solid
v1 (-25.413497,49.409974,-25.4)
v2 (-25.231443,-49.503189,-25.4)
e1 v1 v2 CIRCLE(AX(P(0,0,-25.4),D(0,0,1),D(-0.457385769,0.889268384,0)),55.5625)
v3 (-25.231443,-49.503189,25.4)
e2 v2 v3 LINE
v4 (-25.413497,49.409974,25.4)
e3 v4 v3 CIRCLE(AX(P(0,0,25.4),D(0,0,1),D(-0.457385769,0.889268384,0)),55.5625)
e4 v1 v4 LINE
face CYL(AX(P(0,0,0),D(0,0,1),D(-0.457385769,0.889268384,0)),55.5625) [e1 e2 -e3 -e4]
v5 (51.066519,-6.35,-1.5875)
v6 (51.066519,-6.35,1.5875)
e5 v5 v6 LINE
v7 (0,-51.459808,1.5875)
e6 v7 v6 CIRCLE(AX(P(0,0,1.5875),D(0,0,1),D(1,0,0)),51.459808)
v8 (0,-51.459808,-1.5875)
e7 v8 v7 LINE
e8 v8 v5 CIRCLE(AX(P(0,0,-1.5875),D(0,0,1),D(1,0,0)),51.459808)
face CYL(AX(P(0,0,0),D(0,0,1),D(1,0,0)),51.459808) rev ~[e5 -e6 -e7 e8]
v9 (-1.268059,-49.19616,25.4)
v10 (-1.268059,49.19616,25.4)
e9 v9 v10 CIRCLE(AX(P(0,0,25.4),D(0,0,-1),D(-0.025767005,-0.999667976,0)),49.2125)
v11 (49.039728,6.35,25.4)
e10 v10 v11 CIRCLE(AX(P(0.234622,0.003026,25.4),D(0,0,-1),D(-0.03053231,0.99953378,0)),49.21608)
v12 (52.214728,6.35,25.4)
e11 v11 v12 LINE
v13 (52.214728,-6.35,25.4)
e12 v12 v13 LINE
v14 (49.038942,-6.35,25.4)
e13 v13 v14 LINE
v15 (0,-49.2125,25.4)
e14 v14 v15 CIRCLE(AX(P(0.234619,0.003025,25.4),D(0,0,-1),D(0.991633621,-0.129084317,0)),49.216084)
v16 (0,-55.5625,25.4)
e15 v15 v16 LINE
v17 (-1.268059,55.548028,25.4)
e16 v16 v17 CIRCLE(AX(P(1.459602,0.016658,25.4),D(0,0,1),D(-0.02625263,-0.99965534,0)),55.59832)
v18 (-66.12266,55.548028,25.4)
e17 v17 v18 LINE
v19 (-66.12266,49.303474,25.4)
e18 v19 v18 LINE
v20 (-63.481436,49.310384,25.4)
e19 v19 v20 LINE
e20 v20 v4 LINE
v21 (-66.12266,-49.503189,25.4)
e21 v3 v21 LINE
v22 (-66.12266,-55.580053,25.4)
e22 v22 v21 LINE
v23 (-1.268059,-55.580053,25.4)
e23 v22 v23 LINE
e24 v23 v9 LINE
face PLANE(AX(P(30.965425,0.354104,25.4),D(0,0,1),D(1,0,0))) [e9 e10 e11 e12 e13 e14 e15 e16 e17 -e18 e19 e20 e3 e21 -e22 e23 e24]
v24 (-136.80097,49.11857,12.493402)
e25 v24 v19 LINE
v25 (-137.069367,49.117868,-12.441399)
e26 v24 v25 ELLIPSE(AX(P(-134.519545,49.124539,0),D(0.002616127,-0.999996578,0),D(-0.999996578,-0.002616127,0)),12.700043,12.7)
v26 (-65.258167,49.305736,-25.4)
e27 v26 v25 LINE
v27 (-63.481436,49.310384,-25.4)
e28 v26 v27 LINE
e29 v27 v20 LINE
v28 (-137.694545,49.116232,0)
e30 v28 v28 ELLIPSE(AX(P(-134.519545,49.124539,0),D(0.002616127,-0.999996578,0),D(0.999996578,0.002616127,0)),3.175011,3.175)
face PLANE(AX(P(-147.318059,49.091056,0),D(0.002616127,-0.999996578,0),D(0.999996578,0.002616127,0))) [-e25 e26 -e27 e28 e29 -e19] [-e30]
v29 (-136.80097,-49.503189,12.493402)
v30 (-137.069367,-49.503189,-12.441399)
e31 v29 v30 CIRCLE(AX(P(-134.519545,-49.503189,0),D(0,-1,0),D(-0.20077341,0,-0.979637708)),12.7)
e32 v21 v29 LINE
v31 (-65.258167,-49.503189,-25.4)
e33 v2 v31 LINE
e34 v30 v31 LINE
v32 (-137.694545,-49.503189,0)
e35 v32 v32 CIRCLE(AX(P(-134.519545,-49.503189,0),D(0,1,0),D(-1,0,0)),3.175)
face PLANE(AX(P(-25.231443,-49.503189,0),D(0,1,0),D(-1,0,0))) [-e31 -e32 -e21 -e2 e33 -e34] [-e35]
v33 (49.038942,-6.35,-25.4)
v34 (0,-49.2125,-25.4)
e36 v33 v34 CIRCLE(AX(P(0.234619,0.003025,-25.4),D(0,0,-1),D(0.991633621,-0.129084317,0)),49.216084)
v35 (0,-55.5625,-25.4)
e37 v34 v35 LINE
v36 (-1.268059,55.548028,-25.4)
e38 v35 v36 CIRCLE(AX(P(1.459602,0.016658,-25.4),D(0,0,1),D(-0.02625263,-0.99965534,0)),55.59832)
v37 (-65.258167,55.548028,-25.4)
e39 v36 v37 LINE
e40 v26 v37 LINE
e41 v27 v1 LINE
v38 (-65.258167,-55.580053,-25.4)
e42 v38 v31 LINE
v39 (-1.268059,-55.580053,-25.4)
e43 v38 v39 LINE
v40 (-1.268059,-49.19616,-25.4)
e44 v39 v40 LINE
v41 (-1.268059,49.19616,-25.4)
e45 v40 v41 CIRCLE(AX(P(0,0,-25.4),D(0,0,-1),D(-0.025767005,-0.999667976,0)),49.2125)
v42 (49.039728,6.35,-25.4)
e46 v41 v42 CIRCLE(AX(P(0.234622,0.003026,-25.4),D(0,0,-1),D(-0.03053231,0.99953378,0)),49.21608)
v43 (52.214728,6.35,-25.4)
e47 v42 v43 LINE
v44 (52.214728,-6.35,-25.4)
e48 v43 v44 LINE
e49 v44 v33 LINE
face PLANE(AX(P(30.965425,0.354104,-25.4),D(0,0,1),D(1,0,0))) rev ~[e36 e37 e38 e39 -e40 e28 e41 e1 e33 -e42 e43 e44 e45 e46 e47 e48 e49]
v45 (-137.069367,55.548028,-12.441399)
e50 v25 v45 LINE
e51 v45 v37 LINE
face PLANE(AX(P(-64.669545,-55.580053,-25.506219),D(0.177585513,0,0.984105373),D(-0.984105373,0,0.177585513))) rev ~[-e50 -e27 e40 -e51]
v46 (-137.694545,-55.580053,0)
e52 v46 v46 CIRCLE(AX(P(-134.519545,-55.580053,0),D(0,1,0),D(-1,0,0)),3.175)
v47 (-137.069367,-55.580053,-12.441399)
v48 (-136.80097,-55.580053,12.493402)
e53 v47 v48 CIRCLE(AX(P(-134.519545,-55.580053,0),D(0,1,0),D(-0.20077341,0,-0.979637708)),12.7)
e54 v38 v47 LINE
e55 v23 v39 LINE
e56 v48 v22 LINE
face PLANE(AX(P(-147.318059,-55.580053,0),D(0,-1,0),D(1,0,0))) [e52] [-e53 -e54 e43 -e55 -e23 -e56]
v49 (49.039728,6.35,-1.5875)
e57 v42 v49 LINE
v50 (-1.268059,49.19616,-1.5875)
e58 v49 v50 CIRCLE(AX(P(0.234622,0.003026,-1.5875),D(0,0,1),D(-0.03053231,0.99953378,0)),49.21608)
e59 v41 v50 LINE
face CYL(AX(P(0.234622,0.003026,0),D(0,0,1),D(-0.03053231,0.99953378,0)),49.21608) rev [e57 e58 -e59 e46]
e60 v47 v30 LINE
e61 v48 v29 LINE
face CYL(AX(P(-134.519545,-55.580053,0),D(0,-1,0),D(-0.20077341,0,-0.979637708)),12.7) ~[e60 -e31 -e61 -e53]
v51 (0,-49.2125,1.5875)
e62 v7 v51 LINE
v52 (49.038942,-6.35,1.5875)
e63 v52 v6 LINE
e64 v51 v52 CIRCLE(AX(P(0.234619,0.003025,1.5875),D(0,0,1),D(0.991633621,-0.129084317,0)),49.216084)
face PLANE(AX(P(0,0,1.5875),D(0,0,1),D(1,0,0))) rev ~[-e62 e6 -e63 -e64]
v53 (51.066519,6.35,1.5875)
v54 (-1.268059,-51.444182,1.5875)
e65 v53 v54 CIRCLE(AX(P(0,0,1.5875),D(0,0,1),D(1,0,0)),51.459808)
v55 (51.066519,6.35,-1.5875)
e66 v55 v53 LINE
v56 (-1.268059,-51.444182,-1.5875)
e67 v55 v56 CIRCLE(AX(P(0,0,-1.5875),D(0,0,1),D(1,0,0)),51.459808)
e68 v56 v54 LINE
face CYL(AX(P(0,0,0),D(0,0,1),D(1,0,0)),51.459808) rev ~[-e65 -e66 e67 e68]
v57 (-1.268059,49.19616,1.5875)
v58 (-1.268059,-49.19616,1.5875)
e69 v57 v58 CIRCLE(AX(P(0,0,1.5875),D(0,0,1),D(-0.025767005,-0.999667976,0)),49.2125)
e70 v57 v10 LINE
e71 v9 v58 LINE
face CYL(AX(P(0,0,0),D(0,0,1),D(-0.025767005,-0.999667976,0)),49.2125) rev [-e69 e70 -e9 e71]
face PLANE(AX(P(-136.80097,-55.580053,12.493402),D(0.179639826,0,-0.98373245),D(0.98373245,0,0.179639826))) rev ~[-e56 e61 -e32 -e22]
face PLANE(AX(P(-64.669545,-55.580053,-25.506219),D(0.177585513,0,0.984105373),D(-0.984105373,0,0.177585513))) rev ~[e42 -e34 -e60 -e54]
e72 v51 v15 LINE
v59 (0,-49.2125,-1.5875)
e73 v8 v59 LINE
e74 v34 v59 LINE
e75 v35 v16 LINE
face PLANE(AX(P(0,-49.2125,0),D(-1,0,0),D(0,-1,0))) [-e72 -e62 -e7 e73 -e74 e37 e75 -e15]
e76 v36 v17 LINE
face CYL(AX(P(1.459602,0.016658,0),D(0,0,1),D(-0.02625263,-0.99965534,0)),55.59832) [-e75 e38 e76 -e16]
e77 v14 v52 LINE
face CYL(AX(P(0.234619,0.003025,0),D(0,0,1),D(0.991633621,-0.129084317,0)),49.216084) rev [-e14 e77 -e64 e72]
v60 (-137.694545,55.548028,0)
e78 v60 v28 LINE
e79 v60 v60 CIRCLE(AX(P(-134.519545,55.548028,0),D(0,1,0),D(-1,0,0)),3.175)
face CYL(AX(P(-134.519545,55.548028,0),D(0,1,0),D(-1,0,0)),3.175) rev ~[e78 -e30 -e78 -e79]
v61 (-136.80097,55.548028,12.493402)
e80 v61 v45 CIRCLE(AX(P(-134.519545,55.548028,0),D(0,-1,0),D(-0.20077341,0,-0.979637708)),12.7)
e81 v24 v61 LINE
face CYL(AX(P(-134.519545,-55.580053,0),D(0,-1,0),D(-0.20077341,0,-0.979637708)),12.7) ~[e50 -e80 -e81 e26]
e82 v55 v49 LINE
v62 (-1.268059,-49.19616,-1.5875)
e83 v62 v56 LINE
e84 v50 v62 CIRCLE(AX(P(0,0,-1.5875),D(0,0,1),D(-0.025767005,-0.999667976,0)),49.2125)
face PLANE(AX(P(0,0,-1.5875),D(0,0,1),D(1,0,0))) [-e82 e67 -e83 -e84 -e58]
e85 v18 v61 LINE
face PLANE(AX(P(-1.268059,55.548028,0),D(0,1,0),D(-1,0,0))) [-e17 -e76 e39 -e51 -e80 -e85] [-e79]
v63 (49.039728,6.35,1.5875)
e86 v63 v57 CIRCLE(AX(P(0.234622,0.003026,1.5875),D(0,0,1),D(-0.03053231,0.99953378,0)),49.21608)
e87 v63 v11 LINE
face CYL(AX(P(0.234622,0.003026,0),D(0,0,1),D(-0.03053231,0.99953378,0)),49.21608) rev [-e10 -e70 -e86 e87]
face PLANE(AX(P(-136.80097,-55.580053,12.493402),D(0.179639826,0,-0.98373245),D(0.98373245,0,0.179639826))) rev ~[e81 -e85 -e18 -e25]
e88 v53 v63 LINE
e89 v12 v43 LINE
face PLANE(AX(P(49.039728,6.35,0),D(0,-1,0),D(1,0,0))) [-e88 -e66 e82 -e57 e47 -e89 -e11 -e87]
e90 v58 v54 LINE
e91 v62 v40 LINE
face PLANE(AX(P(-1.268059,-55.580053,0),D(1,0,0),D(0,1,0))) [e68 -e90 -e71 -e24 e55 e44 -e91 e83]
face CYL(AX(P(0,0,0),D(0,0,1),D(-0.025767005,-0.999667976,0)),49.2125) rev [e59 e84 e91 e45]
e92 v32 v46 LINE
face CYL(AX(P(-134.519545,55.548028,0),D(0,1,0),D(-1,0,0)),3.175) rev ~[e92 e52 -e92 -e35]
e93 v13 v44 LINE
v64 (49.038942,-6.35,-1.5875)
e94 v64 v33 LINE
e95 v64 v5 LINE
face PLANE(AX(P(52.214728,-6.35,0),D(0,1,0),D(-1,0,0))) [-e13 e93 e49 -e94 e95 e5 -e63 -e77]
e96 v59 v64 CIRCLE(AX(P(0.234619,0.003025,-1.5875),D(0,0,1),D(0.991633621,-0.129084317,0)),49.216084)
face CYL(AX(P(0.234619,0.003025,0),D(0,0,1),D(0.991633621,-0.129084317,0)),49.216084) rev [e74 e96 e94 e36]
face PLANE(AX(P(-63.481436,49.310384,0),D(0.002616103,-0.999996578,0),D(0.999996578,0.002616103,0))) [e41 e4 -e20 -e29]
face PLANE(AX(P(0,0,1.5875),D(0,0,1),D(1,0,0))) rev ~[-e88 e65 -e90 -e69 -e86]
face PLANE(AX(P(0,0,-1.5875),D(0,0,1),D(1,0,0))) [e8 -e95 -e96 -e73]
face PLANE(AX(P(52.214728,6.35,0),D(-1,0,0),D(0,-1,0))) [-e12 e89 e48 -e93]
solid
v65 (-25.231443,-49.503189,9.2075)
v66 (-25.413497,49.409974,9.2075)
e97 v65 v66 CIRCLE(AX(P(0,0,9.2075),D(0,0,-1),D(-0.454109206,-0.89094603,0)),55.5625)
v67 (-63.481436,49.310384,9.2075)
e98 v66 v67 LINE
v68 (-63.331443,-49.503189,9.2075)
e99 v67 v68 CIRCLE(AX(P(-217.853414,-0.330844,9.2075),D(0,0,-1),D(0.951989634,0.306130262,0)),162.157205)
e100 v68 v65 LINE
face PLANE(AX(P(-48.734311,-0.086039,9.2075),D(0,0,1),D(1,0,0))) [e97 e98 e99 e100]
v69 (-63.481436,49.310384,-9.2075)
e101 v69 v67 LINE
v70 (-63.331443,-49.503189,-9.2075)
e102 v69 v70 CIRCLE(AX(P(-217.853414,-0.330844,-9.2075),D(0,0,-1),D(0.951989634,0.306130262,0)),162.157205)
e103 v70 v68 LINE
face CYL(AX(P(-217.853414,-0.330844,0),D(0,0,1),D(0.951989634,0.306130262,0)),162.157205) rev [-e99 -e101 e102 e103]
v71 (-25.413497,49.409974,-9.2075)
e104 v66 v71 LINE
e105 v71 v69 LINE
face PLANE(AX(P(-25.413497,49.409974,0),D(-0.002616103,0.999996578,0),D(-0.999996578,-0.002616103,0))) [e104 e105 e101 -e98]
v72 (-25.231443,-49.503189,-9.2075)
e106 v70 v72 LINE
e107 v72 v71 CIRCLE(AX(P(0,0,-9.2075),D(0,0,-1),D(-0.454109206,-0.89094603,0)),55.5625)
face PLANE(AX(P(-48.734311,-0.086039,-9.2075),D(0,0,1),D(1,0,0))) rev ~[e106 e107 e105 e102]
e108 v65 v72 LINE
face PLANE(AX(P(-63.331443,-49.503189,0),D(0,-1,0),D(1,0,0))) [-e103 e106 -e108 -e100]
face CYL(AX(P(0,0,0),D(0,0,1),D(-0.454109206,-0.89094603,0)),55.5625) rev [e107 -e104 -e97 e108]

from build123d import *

# Parameters (mm, degrees)
F1_DEPTH  = 25.4
F3_DEPTH  = 9.2075
F4_DEPTH  = 25.4
F6_DEPTH  = 120.65
F7_R      = 3.175
F8_DEPTH  = 114.3
F9_R      = 51.459808
F10_DEPTH = 1.5875


with BuildPart() as f1:
    # F0 (on Top) → F1 (new body, symmetric)
    with BuildSketch(Plane.XY):
        with BuildLine():
            ThreePointArc((-1.268059, -49.19616), (-49.2125, 0), (-1.268059, 49.19616))
            Line((-1.268059, 49.19616), (-1.268059, 55.548028))
            Line((-1.268059, 55.548028), (-147.318059, 55.548028))
            Line((-147.318059, 55.548028), (-147.318059, 49.091056))
            Line((-147.318059, 49.091056), (-63.481436, 49.310384))
            Line((-63.481436, 49.310384), (-25.413497, 49.409974))
            ThreePointArc((-25.413497, 49.409974), (-55.562406, -0.102265), (-25.231443, -49.503189))
            Line((-25.231443, -49.503189), (-63.331443, -49.503189))
            Line((-63.331443, -49.503189), (-69.681443, -49.503189))
            Line((-69.681443, -49.503189), (-147.318059, -49.503189))
            Line((-147.318059, -49.503189), (-147.318059, -55.580053))
            Line((-147.318059, -55.580053), (-1.268059, -55.580053))
            Line((-1.268059, -55.580053), (-1.268059, -49.19616))
        make_face()
    extrude(amount=F1_DEPTH, both=True)

    # F0 (on Top) → F4 (join, symmetric)
    with BuildSketch(Plane.XY):
        with BuildLine():
            ThreePointArc((49.038942, -6.35), (32.623699, -37.053289), (0, -49.2125))
            Line((0, -49.2125), (0, -55.5625))
            ThreePointArc((0, -55.5625), (57.054302, 0.651138), (-1.268059, 55.548028))
            Line((-1.268059, 55.548028), (-1.268059, 49.19616))
            ThreePointArc((-1.268059, 49.19616), (32.145877, 37.471603), (49.039728, 6.35))
            Line((49.039728, 6.35), (52.214728, 6.35))
            Line((52.214728, 6.35), (52.214728, -6.35))
            Line((52.214728, -6.35), (49.038942, -6.35))
        make_face()
    extrude(amount=F4_DEPTH, both=True)

    # F5 (on face) → F6 (cut)
    with BuildSketch(Plane.XZ.offset(55.580053)):
        with BuildLine():
            ThreePointArc((-137.069367, -12.441399), (-147.218809, 0.136694), (-136.80097, 12.493402))
            Line((-136.80097, 12.493402), (-64.669545, 25.665354))
            Line((-64.669545, 25.665354), (-147.4055, 25.665354))
            Line((-147.4055, 25.665354), (-147.4055, -25.506219))
            Line((-147.4055, -25.506219), (-64.669545, -25.506219))
            Line((-64.669545, -25.506219), (-137.069367, -12.441399))
        make_face()
    extrude(amount=-F6_DEPTH, mode=Mode.SUBTRACT)

    # F7 (on face) → F8 (cut)
    with BuildSketch(Plane(origin=(0, 55.548028, 0), x_dir=(-1, 0, 0), z_dir=(0, 1, 0))):
        with Locations((134.519545, 0)):
            Circle(F7_R)
    extrude(amount=-F8_DEPTH, mode=Mode.SUBTRACT)

    # F9 (on Top) → F10 (cut, symmetric)
    with BuildSketch(Plane.XY):
        Circle(F9_R)
    extrude(amount=F10_DEPTH, both=True, mode=Mode.SUBTRACT)


with BuildPart() as f3:
    # F0 (on Top) → F3 (new body, symmetric)
    with BuildSketch(Plane.XY):
        with BuildLine():
            Line((-25.413497, 49.409974), (-63.481436, 49.310384))
            ThreePointArc((-63.481436, 49.310384), (-55.696396, -0.084699), (-63.331443, -49.503189))
            Line((-63.331443, -49.503189), (-25.231443, -49.503189))
            ThreePointArc((-25.231443, -49.503189), (-55.562406, -0.102265), (-25.413497, 49.409974))
        make_face()
    extrude(amount=F3_DEPTH, both=True)


solid = Compound([f1.part, f3.part])
